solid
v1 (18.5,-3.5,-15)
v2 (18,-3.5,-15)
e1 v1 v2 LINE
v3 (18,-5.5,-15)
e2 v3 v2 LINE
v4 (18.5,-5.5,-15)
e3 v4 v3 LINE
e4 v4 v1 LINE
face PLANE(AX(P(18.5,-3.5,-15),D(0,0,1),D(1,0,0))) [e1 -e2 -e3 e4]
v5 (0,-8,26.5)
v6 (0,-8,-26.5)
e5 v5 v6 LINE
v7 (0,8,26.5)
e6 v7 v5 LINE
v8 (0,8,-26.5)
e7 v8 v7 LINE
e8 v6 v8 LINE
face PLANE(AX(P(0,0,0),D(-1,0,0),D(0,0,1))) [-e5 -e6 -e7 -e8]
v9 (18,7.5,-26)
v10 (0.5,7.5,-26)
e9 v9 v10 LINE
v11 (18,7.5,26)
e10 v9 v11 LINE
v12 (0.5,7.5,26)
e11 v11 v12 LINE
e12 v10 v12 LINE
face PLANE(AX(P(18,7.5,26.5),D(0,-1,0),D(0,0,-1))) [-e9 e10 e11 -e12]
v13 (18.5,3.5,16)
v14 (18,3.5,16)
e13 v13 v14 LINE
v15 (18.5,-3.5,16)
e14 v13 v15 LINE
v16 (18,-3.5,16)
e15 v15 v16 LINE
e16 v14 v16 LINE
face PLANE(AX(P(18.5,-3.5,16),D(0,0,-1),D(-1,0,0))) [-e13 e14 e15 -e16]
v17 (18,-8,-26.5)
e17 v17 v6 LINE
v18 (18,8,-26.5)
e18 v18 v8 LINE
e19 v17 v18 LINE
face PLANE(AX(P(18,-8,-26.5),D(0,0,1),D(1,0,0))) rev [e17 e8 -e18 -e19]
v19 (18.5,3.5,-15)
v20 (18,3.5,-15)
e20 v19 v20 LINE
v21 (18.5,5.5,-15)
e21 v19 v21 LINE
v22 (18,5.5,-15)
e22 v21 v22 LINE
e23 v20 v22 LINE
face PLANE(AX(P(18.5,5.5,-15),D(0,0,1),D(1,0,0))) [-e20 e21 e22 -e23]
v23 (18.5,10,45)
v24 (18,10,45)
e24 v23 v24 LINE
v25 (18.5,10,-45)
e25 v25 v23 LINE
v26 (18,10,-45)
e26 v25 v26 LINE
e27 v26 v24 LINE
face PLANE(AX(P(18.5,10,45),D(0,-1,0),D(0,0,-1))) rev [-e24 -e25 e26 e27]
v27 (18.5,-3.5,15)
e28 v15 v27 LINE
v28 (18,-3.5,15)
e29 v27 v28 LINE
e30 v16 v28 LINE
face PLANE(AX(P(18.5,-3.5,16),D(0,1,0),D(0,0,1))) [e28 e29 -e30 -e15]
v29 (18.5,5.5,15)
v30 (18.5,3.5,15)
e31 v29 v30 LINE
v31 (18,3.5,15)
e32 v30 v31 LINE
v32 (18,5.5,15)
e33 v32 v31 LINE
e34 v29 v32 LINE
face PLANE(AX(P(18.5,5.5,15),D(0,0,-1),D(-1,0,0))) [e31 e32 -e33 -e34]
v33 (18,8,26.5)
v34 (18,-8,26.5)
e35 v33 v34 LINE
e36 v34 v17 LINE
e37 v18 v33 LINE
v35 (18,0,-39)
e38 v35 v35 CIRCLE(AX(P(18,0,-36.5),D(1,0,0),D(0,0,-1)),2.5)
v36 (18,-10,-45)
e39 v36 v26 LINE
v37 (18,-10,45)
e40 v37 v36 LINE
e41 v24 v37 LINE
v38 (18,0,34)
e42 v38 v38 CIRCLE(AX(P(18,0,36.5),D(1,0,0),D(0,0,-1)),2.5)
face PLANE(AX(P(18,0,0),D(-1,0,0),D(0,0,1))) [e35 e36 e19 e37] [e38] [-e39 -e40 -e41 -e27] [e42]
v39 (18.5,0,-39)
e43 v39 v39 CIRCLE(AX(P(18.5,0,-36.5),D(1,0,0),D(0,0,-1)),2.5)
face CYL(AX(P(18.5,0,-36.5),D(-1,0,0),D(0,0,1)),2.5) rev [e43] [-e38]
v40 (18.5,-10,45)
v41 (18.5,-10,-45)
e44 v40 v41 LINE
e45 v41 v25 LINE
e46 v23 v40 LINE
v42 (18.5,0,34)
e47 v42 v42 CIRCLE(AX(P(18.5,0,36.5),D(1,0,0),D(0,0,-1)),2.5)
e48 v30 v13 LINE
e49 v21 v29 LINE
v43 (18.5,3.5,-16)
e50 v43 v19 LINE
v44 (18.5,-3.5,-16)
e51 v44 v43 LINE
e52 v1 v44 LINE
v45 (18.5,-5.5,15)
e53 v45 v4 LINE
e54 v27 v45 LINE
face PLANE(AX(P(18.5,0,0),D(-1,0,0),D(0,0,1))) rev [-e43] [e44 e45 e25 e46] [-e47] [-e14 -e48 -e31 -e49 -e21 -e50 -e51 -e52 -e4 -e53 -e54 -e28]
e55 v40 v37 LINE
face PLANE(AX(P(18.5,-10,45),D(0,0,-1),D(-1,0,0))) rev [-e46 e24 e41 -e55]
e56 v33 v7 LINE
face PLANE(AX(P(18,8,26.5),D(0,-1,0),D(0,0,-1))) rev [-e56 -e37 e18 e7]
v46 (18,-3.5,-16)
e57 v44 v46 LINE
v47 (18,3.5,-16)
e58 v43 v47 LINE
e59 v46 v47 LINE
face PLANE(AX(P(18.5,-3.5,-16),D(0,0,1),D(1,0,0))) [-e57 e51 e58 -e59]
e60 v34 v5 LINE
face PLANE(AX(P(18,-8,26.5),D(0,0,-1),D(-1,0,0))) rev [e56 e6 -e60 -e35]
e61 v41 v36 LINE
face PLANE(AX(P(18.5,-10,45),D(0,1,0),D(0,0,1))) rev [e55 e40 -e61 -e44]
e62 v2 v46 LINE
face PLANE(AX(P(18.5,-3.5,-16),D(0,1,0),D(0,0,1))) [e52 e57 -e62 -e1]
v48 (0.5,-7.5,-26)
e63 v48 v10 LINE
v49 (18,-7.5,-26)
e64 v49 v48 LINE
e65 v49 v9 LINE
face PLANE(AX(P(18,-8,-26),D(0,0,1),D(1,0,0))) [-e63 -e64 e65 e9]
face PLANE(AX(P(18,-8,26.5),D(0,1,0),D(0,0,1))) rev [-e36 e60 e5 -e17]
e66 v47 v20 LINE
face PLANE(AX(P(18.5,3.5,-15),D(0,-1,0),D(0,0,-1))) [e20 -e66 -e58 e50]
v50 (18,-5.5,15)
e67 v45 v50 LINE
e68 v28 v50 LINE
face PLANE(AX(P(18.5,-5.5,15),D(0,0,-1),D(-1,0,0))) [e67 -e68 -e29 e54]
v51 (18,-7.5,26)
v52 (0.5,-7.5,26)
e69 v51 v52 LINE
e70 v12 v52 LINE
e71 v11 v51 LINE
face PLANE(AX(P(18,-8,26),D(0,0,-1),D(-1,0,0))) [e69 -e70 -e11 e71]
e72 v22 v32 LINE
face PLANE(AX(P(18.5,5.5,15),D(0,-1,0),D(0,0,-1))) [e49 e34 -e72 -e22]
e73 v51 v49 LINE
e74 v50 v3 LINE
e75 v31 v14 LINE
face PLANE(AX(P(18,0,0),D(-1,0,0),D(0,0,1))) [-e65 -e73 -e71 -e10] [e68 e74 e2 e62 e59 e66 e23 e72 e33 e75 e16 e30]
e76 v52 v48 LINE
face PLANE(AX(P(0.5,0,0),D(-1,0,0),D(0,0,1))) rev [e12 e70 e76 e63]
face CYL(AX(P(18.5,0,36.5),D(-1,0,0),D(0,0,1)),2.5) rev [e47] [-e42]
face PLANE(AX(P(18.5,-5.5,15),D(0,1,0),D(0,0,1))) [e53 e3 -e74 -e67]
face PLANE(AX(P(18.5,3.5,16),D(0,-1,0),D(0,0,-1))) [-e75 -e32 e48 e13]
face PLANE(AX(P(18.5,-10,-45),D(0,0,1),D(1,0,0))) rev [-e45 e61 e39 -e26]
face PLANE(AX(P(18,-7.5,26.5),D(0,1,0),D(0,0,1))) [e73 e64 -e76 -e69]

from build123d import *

# Parameters (mm, degrees)
SKETCH1_W           = 53
SKETCH1_H           = 16
BOSS_EXTRUDE1_DEPTH = 18
SHELL1_T            = -0.5
SKETCH2_W           = 90
SKETCH2_H           = 20
SKETCH2_R           = 2.5
BOSS_EXTRUDE2_DEPTH = 0.5


with BuildPart() as part:
    # Sketch1 → Boss-Extrude1 (new body)
    with BuildSketch(Plane(origin=(0, 0, 0), x_dir=(0, 0, -1), z_dir=(1, 0, 0))):
        Rectangle(SKETCH1_W, SKETCH1_H)
    extrude(amount=BOSS_EXTRUDE1_DEPTH)

    # Shell1
    shell1_openings = [part.faces().sort_by_distance(p)[0] for p in [
        (18, 0, 0),
    ]]
    offset(amount=SHELL1_T, openings=shell1_openings, kind=Kind.INTERSECTION)

    # Sketch2 → Boss-Extrude2 (add)
    with BuildSketch(Plane(origin=(18, 0, 0), x_dir=(0, 0, -1), z_dir=(1, 0, 0))):
        Rectangle(SKETCH2_W, SKETCH2_H)
        with Locations((36.5, 0)):
            Circle(SKETCH2_R, mode=Mode.SUBTRACT)
        with Locations((-36.5, 0)):
            Circle(SKETCH2_R, mode=Mode.SUBTRACT)
        Polygon((-16, 3.5), (-15, 3.5), (-15, 5.5), (15, 5.5), (15, 3.5), (16, 3.5), (16, -3.5), (15, -3.5), (15, -5.5), (-15, -5.5), (-15, -3.5), (-16, -3.5), align=None, mode=Mode.SUBTRACT)
    extrude(amount=BOSS_EXTRUDE2_DEPTH)


solid = part.part
